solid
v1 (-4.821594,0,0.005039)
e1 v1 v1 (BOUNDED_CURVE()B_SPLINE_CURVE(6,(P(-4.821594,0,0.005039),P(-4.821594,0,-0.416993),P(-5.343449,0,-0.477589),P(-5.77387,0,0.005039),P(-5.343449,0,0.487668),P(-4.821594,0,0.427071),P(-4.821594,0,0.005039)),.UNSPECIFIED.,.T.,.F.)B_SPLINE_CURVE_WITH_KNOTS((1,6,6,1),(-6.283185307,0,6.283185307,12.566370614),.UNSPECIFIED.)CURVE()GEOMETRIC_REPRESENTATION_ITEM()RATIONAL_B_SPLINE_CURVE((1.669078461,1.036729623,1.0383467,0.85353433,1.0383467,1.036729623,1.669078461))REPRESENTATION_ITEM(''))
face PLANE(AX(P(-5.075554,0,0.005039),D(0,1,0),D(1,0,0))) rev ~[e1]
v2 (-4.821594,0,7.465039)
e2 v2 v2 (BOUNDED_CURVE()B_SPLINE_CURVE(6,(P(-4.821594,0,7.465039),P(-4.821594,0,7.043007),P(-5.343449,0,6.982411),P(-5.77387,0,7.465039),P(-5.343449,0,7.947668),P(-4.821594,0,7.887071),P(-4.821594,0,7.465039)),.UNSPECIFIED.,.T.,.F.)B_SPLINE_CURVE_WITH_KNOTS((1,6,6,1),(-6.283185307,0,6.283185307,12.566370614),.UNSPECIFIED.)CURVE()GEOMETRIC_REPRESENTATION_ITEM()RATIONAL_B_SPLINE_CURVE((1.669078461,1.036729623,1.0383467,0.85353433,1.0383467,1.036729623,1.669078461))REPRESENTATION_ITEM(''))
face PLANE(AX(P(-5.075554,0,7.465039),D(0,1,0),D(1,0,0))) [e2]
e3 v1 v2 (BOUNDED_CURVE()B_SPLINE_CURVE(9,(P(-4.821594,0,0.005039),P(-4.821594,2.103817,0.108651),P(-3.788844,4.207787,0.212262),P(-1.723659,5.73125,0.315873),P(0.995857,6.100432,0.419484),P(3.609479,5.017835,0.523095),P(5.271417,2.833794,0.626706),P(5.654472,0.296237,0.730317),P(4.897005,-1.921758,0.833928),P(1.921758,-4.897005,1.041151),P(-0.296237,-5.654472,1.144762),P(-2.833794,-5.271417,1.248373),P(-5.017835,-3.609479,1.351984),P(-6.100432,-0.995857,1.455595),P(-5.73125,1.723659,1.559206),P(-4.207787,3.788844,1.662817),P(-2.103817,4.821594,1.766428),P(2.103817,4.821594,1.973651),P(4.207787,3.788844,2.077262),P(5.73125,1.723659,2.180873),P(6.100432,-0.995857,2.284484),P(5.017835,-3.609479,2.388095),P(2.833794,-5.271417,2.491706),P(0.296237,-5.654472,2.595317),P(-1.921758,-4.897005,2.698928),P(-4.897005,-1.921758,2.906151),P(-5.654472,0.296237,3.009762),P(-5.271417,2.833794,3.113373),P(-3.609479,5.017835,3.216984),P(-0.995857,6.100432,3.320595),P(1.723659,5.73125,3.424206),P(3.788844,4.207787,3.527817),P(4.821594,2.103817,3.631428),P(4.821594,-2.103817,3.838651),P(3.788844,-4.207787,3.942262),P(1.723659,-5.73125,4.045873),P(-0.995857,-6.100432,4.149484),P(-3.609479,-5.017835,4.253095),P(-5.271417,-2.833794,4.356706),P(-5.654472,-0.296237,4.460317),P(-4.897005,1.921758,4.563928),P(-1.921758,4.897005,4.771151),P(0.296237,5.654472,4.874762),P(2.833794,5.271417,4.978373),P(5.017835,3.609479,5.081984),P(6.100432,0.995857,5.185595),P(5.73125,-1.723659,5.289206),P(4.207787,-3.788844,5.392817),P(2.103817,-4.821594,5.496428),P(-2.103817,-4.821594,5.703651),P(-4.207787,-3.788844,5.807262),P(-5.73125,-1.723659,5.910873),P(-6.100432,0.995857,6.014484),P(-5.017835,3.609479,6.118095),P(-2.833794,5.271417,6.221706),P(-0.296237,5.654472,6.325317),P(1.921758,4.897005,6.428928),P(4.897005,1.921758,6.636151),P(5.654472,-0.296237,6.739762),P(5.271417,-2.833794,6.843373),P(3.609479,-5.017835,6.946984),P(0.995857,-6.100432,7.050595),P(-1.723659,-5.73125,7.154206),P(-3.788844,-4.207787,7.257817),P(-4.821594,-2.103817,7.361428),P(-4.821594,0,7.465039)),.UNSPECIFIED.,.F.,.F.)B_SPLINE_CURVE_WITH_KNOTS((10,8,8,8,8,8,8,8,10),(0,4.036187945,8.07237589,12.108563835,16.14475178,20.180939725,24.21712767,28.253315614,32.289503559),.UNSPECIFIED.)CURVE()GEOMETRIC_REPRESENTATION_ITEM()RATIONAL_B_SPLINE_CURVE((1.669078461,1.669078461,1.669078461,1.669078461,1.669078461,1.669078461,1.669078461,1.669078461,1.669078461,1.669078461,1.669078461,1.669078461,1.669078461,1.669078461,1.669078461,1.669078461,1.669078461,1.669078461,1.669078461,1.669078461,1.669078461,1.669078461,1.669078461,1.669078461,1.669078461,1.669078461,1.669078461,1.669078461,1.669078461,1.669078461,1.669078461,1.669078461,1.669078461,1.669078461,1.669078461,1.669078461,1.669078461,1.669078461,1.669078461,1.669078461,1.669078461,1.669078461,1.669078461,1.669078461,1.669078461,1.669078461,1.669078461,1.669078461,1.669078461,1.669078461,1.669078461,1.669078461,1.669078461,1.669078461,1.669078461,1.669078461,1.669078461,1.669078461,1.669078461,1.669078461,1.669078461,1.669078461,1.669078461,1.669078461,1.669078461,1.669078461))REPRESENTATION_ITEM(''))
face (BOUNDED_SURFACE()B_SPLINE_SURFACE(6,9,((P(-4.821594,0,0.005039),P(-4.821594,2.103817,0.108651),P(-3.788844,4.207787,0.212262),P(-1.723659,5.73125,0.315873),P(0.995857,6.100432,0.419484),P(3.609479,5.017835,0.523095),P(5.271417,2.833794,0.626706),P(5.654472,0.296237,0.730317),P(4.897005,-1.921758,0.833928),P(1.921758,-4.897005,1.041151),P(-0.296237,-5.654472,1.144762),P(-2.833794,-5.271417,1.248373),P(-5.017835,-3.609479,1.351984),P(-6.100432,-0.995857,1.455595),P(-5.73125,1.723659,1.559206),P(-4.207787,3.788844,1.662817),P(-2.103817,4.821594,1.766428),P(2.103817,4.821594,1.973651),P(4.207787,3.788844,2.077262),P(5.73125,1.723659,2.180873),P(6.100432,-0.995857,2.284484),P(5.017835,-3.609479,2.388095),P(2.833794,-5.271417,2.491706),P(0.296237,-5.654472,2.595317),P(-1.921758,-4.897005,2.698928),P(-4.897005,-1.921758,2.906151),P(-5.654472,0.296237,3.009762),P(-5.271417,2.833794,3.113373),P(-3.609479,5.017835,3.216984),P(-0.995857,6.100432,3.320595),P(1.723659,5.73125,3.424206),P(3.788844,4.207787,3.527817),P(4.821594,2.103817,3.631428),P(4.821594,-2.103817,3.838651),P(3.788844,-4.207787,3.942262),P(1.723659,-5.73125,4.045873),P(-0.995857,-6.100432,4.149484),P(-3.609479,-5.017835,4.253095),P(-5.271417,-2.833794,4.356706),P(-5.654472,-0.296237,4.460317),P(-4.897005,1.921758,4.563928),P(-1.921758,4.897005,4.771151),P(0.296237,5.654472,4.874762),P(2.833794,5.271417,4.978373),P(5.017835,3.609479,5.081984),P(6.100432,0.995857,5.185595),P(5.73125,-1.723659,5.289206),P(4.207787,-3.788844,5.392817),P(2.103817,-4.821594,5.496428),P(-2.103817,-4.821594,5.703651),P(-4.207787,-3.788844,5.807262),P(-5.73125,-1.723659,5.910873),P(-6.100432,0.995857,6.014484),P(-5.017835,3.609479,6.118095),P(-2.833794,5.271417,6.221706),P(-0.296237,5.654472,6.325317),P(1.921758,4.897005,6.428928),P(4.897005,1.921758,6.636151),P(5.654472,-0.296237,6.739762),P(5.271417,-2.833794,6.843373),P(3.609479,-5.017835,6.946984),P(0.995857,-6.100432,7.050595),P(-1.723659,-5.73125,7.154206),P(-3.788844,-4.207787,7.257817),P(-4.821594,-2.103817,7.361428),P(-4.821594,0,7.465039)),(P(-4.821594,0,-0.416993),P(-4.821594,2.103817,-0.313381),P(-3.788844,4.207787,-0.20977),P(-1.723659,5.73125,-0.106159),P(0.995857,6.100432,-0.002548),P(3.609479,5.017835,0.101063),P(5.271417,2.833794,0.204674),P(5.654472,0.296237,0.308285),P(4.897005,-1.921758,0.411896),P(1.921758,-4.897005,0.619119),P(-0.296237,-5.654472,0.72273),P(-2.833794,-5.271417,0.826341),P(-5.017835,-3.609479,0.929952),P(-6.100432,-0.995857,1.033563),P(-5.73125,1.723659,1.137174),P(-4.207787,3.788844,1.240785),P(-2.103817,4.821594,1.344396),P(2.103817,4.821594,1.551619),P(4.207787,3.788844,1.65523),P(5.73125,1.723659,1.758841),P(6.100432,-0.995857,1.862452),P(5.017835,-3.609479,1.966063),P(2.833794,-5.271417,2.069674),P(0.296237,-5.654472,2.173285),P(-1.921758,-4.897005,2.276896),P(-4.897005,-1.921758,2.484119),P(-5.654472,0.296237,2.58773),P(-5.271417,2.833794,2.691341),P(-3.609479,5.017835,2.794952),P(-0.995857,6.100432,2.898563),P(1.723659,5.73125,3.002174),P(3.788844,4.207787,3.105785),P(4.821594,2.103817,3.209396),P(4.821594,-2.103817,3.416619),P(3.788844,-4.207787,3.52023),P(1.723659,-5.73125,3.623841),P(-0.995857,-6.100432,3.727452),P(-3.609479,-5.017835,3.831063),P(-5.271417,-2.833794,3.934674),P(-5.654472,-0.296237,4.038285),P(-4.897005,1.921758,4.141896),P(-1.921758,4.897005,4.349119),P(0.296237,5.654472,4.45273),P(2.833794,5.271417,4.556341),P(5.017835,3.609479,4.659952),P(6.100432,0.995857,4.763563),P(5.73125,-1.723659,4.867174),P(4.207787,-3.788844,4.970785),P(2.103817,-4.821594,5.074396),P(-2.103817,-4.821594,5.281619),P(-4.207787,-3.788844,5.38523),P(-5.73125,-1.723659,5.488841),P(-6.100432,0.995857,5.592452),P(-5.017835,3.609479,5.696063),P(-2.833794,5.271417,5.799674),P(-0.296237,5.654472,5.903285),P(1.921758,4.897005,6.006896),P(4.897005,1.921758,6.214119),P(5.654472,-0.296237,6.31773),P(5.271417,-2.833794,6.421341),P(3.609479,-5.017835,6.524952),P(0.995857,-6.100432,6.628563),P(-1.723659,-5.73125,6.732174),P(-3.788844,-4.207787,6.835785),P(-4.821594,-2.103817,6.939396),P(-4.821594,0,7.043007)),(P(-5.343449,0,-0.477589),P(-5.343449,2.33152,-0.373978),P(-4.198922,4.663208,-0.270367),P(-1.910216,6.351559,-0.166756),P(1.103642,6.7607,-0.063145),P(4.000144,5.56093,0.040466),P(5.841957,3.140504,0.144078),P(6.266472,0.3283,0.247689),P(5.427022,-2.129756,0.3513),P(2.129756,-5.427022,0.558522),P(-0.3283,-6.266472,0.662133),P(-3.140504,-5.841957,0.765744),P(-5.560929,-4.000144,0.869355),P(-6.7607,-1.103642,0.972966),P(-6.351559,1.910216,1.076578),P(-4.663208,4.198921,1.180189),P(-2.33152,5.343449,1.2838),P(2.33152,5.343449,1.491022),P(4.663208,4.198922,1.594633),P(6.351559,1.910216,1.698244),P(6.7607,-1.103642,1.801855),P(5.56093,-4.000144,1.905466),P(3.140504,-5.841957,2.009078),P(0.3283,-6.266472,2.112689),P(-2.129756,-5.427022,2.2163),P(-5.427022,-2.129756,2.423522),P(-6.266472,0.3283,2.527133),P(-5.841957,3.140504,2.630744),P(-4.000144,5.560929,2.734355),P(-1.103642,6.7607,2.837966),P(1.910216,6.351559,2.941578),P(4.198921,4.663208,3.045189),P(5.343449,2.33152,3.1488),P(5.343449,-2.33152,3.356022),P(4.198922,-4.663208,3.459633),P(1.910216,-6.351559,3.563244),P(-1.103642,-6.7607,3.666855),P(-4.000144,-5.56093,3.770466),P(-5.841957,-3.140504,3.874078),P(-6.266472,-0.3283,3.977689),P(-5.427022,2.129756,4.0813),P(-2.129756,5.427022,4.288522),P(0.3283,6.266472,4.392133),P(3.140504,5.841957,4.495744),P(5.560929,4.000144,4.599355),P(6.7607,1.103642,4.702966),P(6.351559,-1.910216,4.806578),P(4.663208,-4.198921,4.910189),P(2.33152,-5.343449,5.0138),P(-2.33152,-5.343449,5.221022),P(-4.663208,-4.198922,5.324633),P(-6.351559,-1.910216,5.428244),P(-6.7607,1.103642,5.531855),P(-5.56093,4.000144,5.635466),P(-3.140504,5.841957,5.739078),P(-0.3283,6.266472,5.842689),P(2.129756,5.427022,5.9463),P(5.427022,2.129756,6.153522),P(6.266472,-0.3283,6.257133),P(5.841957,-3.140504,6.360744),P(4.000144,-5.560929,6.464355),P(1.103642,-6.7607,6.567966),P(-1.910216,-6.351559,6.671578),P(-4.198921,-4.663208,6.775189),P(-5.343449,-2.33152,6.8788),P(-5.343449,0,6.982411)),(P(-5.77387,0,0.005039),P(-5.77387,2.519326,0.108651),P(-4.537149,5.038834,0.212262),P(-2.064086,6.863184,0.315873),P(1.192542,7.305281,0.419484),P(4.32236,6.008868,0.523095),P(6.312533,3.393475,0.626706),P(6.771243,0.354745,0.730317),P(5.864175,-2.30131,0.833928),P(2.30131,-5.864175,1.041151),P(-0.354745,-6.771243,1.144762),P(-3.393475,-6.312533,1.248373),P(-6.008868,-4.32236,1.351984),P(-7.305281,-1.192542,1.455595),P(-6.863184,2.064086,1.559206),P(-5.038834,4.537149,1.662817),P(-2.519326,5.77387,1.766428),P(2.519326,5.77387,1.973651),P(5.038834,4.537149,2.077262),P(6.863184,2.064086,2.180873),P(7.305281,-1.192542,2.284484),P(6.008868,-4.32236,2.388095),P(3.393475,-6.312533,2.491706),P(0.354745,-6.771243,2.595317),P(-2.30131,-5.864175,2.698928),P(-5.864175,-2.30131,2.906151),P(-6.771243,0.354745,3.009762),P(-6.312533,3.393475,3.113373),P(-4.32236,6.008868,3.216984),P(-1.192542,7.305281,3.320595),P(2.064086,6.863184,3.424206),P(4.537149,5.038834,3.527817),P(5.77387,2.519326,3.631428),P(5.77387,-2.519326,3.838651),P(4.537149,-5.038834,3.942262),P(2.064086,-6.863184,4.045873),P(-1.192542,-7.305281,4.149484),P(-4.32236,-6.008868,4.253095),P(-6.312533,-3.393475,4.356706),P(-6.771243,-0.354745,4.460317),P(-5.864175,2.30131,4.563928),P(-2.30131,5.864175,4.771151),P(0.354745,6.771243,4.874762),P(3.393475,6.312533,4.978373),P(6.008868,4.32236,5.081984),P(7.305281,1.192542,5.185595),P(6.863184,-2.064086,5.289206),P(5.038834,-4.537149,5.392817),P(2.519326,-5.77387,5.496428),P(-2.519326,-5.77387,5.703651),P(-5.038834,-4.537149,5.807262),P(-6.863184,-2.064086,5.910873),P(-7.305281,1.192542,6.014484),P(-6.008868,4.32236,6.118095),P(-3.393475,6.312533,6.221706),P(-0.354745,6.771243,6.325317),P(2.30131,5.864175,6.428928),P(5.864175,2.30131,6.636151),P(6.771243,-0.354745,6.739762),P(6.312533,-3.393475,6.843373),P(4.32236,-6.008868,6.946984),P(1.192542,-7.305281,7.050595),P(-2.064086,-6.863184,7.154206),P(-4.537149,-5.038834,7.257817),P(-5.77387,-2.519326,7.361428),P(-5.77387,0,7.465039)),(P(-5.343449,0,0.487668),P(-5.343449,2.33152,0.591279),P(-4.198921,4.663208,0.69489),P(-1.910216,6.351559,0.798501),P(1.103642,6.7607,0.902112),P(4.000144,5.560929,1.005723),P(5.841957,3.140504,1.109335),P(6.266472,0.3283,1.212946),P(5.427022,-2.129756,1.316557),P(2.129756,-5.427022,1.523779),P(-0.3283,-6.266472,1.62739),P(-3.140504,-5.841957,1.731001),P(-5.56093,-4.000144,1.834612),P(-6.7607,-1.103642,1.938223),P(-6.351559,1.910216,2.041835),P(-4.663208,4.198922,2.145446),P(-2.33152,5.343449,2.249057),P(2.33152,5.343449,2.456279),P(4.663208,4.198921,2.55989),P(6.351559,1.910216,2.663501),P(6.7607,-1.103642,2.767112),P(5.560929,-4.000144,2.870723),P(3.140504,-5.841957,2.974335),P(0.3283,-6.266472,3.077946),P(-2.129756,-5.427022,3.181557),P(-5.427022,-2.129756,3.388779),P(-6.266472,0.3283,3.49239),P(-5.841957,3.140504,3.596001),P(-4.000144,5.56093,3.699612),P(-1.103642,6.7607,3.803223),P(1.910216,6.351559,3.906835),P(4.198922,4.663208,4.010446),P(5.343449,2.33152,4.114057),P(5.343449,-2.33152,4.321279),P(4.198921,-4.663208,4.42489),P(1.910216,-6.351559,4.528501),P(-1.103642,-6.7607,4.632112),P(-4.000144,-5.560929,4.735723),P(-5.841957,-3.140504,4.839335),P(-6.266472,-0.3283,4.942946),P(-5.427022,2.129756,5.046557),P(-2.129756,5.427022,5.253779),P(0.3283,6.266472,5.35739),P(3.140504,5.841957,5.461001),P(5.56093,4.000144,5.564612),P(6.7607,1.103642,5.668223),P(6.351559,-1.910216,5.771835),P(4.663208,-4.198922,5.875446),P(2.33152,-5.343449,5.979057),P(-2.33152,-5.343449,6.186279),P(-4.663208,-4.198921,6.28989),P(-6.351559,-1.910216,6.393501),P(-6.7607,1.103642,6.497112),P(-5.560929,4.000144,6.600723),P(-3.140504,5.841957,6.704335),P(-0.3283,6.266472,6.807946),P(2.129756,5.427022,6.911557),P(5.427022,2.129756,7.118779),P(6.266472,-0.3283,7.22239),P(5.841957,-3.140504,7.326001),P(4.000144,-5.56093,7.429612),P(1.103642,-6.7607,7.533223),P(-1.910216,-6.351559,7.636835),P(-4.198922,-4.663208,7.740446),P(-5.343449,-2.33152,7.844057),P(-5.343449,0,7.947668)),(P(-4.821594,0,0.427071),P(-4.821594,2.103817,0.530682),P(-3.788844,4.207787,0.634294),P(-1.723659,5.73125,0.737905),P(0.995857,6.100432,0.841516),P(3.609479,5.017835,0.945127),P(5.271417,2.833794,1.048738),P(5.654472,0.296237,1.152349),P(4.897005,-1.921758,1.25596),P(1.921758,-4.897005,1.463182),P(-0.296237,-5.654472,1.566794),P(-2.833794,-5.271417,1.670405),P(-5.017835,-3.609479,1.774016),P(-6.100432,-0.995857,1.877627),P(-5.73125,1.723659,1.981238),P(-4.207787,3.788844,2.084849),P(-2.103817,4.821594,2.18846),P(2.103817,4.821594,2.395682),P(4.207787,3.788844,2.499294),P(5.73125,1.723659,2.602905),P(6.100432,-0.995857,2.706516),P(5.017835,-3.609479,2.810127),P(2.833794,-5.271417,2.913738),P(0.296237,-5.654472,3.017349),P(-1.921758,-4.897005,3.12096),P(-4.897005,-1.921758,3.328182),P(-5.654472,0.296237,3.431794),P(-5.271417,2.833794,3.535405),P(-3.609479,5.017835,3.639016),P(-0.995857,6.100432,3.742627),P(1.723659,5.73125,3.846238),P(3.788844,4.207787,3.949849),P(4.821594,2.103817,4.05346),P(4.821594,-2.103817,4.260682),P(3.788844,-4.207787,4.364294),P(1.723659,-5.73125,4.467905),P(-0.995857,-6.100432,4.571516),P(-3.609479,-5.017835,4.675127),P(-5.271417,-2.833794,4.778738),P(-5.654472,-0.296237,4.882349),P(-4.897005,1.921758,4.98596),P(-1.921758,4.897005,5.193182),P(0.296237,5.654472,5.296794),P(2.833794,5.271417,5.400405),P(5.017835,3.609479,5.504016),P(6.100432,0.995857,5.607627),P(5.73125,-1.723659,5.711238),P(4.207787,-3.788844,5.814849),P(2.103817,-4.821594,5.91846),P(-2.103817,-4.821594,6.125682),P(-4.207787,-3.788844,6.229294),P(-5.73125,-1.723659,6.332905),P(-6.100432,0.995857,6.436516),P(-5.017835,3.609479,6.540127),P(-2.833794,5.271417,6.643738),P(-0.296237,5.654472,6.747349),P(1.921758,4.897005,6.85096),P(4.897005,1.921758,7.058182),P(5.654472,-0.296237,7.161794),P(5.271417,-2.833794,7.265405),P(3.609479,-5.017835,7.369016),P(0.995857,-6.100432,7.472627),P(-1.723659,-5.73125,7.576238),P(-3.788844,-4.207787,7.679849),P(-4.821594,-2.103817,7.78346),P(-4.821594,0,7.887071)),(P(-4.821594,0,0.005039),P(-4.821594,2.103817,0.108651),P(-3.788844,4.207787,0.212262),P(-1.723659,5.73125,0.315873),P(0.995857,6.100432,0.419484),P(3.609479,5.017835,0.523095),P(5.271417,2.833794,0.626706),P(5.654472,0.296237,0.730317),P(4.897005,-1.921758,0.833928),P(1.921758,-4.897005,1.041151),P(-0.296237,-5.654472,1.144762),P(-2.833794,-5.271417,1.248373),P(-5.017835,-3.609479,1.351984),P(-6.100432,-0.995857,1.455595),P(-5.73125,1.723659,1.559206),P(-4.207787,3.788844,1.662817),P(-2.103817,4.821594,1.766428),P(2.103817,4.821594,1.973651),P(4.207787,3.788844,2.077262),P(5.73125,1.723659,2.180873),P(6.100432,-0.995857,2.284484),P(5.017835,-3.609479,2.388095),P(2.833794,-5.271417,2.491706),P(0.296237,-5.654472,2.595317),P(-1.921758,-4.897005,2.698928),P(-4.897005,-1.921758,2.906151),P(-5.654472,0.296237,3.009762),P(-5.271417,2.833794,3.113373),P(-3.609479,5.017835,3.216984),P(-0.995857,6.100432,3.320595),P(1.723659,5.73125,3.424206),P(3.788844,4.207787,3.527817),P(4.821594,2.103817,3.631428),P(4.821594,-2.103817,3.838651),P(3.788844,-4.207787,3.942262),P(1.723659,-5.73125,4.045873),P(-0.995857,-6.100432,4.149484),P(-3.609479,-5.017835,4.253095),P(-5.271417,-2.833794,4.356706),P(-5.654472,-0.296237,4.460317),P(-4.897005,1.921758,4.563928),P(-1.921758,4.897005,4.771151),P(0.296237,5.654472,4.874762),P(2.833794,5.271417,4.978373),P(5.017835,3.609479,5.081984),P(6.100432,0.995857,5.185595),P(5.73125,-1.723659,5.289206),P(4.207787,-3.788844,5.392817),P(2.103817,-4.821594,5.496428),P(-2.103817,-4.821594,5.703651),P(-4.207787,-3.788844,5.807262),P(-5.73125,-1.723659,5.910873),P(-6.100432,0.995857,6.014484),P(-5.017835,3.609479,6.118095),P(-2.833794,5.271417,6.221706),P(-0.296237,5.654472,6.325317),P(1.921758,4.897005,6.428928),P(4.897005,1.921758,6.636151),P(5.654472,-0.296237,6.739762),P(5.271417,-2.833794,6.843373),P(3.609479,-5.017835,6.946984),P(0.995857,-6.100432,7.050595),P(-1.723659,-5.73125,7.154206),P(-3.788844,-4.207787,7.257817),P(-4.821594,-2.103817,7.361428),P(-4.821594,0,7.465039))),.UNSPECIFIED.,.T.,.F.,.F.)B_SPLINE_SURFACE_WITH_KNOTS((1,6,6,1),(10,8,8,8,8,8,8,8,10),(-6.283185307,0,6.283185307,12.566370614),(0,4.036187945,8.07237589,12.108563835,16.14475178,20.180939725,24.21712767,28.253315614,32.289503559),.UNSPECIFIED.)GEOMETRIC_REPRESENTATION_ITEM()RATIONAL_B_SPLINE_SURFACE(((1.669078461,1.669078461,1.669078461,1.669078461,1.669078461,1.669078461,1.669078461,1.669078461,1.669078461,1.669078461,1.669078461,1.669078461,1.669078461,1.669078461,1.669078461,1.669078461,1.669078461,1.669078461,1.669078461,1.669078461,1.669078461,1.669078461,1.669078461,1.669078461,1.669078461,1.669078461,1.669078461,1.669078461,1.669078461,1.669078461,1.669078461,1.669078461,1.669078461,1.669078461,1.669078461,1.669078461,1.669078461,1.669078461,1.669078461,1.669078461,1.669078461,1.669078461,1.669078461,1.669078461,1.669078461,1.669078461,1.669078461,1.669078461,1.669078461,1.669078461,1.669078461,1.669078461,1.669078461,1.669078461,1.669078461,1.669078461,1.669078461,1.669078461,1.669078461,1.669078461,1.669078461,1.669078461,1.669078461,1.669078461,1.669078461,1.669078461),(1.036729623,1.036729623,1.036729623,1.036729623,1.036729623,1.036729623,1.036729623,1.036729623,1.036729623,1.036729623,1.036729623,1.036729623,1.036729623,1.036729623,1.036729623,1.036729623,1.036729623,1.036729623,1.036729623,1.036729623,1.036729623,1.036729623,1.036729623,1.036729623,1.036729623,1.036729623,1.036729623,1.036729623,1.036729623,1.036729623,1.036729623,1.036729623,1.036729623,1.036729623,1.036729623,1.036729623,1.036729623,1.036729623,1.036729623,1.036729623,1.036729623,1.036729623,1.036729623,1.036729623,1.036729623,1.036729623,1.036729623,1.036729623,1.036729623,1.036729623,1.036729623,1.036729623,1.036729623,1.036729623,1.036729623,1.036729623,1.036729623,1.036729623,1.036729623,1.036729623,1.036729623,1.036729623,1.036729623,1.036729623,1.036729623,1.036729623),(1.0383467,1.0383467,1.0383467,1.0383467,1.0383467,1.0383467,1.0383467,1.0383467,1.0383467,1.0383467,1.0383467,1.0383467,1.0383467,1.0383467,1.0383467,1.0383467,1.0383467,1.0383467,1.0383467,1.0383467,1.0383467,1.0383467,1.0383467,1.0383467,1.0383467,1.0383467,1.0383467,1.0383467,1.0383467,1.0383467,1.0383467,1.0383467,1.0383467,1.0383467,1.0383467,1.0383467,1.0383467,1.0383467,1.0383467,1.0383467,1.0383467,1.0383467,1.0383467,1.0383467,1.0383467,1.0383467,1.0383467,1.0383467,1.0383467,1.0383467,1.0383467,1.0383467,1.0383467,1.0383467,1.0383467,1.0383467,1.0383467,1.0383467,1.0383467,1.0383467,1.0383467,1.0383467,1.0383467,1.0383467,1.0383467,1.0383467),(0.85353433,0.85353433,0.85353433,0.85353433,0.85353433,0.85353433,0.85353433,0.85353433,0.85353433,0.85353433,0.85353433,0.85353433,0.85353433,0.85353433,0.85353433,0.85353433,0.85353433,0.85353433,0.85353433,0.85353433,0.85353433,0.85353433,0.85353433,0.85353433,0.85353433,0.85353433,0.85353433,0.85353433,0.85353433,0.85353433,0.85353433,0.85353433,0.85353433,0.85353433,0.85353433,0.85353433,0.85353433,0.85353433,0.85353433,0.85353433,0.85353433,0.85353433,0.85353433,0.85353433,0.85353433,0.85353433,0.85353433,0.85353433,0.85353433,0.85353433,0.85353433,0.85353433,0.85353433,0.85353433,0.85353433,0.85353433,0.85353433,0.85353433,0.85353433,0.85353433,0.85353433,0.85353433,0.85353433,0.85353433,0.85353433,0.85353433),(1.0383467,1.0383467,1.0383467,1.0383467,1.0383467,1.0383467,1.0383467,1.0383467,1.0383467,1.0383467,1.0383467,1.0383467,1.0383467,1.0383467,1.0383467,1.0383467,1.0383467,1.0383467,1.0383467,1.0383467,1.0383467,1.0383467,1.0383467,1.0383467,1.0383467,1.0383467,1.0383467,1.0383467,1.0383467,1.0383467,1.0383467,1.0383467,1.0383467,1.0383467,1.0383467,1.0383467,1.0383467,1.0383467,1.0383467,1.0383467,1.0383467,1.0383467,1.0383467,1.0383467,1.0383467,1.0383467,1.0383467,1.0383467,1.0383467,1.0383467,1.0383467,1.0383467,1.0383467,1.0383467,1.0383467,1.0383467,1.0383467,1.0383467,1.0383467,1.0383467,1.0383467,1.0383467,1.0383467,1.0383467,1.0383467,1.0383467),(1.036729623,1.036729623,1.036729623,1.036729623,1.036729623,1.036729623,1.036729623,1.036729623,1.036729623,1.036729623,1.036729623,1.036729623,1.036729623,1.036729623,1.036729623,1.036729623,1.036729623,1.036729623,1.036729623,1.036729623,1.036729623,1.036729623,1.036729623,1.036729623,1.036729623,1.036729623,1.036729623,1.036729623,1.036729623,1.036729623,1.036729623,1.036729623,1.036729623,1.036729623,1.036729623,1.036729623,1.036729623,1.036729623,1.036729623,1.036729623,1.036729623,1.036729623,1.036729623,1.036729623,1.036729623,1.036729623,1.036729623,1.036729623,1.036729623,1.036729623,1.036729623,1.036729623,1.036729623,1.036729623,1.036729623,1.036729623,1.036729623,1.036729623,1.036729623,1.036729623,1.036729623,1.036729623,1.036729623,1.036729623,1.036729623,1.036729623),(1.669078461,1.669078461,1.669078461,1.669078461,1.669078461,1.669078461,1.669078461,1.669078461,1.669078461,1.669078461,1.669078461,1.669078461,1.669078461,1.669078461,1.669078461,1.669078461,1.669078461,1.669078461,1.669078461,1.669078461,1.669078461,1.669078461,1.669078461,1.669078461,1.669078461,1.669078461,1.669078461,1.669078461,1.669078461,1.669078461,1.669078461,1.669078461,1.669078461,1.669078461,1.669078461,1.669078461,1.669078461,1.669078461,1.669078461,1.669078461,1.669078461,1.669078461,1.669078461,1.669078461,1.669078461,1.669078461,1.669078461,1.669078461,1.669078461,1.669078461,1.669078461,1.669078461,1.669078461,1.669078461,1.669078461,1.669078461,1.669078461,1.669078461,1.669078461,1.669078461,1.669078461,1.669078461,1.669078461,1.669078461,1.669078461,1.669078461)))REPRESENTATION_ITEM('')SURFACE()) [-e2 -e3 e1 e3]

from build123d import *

# Parameters (mm, degrees)
SWEEP1_PITCH       = 1.492
SWEEP1_HEIGHT      = 7.46
SWEEP1_RADIUS      = 5.08
SWEEP1_START_ANGLE = -180
SKETCH4_R          = 0.254


with BuildPart() as part:
    # Sweep1: sweep along a helix
    with BuildLine() as sweep1_path:
        add(Helix(SWEEP1_PITCH, SWEEP1_HEIGHT, SWEEP1_RADIUS, center=(0, 0, 0), direction=(0, 0, 1), lefthand=True, mode=Mode.PRIVATE).rotate(Axis((0, 0, 0), (0, 0, 1)), SWEEP1_START_ANGLE))
    # Sketch4 → Sweep1 (sweep)
    with BuildSketch(Plane(origin=(0, 0, 0), x_dir=(1, 0, 0), z_dir=(0, 1, 0))):
        with Locations((-5.075593906, -7.465039421)):
            Circle(SKETCH4_R)
    sweep(path=sweep1_path.line, is_frenet=True)


solid = part.part
